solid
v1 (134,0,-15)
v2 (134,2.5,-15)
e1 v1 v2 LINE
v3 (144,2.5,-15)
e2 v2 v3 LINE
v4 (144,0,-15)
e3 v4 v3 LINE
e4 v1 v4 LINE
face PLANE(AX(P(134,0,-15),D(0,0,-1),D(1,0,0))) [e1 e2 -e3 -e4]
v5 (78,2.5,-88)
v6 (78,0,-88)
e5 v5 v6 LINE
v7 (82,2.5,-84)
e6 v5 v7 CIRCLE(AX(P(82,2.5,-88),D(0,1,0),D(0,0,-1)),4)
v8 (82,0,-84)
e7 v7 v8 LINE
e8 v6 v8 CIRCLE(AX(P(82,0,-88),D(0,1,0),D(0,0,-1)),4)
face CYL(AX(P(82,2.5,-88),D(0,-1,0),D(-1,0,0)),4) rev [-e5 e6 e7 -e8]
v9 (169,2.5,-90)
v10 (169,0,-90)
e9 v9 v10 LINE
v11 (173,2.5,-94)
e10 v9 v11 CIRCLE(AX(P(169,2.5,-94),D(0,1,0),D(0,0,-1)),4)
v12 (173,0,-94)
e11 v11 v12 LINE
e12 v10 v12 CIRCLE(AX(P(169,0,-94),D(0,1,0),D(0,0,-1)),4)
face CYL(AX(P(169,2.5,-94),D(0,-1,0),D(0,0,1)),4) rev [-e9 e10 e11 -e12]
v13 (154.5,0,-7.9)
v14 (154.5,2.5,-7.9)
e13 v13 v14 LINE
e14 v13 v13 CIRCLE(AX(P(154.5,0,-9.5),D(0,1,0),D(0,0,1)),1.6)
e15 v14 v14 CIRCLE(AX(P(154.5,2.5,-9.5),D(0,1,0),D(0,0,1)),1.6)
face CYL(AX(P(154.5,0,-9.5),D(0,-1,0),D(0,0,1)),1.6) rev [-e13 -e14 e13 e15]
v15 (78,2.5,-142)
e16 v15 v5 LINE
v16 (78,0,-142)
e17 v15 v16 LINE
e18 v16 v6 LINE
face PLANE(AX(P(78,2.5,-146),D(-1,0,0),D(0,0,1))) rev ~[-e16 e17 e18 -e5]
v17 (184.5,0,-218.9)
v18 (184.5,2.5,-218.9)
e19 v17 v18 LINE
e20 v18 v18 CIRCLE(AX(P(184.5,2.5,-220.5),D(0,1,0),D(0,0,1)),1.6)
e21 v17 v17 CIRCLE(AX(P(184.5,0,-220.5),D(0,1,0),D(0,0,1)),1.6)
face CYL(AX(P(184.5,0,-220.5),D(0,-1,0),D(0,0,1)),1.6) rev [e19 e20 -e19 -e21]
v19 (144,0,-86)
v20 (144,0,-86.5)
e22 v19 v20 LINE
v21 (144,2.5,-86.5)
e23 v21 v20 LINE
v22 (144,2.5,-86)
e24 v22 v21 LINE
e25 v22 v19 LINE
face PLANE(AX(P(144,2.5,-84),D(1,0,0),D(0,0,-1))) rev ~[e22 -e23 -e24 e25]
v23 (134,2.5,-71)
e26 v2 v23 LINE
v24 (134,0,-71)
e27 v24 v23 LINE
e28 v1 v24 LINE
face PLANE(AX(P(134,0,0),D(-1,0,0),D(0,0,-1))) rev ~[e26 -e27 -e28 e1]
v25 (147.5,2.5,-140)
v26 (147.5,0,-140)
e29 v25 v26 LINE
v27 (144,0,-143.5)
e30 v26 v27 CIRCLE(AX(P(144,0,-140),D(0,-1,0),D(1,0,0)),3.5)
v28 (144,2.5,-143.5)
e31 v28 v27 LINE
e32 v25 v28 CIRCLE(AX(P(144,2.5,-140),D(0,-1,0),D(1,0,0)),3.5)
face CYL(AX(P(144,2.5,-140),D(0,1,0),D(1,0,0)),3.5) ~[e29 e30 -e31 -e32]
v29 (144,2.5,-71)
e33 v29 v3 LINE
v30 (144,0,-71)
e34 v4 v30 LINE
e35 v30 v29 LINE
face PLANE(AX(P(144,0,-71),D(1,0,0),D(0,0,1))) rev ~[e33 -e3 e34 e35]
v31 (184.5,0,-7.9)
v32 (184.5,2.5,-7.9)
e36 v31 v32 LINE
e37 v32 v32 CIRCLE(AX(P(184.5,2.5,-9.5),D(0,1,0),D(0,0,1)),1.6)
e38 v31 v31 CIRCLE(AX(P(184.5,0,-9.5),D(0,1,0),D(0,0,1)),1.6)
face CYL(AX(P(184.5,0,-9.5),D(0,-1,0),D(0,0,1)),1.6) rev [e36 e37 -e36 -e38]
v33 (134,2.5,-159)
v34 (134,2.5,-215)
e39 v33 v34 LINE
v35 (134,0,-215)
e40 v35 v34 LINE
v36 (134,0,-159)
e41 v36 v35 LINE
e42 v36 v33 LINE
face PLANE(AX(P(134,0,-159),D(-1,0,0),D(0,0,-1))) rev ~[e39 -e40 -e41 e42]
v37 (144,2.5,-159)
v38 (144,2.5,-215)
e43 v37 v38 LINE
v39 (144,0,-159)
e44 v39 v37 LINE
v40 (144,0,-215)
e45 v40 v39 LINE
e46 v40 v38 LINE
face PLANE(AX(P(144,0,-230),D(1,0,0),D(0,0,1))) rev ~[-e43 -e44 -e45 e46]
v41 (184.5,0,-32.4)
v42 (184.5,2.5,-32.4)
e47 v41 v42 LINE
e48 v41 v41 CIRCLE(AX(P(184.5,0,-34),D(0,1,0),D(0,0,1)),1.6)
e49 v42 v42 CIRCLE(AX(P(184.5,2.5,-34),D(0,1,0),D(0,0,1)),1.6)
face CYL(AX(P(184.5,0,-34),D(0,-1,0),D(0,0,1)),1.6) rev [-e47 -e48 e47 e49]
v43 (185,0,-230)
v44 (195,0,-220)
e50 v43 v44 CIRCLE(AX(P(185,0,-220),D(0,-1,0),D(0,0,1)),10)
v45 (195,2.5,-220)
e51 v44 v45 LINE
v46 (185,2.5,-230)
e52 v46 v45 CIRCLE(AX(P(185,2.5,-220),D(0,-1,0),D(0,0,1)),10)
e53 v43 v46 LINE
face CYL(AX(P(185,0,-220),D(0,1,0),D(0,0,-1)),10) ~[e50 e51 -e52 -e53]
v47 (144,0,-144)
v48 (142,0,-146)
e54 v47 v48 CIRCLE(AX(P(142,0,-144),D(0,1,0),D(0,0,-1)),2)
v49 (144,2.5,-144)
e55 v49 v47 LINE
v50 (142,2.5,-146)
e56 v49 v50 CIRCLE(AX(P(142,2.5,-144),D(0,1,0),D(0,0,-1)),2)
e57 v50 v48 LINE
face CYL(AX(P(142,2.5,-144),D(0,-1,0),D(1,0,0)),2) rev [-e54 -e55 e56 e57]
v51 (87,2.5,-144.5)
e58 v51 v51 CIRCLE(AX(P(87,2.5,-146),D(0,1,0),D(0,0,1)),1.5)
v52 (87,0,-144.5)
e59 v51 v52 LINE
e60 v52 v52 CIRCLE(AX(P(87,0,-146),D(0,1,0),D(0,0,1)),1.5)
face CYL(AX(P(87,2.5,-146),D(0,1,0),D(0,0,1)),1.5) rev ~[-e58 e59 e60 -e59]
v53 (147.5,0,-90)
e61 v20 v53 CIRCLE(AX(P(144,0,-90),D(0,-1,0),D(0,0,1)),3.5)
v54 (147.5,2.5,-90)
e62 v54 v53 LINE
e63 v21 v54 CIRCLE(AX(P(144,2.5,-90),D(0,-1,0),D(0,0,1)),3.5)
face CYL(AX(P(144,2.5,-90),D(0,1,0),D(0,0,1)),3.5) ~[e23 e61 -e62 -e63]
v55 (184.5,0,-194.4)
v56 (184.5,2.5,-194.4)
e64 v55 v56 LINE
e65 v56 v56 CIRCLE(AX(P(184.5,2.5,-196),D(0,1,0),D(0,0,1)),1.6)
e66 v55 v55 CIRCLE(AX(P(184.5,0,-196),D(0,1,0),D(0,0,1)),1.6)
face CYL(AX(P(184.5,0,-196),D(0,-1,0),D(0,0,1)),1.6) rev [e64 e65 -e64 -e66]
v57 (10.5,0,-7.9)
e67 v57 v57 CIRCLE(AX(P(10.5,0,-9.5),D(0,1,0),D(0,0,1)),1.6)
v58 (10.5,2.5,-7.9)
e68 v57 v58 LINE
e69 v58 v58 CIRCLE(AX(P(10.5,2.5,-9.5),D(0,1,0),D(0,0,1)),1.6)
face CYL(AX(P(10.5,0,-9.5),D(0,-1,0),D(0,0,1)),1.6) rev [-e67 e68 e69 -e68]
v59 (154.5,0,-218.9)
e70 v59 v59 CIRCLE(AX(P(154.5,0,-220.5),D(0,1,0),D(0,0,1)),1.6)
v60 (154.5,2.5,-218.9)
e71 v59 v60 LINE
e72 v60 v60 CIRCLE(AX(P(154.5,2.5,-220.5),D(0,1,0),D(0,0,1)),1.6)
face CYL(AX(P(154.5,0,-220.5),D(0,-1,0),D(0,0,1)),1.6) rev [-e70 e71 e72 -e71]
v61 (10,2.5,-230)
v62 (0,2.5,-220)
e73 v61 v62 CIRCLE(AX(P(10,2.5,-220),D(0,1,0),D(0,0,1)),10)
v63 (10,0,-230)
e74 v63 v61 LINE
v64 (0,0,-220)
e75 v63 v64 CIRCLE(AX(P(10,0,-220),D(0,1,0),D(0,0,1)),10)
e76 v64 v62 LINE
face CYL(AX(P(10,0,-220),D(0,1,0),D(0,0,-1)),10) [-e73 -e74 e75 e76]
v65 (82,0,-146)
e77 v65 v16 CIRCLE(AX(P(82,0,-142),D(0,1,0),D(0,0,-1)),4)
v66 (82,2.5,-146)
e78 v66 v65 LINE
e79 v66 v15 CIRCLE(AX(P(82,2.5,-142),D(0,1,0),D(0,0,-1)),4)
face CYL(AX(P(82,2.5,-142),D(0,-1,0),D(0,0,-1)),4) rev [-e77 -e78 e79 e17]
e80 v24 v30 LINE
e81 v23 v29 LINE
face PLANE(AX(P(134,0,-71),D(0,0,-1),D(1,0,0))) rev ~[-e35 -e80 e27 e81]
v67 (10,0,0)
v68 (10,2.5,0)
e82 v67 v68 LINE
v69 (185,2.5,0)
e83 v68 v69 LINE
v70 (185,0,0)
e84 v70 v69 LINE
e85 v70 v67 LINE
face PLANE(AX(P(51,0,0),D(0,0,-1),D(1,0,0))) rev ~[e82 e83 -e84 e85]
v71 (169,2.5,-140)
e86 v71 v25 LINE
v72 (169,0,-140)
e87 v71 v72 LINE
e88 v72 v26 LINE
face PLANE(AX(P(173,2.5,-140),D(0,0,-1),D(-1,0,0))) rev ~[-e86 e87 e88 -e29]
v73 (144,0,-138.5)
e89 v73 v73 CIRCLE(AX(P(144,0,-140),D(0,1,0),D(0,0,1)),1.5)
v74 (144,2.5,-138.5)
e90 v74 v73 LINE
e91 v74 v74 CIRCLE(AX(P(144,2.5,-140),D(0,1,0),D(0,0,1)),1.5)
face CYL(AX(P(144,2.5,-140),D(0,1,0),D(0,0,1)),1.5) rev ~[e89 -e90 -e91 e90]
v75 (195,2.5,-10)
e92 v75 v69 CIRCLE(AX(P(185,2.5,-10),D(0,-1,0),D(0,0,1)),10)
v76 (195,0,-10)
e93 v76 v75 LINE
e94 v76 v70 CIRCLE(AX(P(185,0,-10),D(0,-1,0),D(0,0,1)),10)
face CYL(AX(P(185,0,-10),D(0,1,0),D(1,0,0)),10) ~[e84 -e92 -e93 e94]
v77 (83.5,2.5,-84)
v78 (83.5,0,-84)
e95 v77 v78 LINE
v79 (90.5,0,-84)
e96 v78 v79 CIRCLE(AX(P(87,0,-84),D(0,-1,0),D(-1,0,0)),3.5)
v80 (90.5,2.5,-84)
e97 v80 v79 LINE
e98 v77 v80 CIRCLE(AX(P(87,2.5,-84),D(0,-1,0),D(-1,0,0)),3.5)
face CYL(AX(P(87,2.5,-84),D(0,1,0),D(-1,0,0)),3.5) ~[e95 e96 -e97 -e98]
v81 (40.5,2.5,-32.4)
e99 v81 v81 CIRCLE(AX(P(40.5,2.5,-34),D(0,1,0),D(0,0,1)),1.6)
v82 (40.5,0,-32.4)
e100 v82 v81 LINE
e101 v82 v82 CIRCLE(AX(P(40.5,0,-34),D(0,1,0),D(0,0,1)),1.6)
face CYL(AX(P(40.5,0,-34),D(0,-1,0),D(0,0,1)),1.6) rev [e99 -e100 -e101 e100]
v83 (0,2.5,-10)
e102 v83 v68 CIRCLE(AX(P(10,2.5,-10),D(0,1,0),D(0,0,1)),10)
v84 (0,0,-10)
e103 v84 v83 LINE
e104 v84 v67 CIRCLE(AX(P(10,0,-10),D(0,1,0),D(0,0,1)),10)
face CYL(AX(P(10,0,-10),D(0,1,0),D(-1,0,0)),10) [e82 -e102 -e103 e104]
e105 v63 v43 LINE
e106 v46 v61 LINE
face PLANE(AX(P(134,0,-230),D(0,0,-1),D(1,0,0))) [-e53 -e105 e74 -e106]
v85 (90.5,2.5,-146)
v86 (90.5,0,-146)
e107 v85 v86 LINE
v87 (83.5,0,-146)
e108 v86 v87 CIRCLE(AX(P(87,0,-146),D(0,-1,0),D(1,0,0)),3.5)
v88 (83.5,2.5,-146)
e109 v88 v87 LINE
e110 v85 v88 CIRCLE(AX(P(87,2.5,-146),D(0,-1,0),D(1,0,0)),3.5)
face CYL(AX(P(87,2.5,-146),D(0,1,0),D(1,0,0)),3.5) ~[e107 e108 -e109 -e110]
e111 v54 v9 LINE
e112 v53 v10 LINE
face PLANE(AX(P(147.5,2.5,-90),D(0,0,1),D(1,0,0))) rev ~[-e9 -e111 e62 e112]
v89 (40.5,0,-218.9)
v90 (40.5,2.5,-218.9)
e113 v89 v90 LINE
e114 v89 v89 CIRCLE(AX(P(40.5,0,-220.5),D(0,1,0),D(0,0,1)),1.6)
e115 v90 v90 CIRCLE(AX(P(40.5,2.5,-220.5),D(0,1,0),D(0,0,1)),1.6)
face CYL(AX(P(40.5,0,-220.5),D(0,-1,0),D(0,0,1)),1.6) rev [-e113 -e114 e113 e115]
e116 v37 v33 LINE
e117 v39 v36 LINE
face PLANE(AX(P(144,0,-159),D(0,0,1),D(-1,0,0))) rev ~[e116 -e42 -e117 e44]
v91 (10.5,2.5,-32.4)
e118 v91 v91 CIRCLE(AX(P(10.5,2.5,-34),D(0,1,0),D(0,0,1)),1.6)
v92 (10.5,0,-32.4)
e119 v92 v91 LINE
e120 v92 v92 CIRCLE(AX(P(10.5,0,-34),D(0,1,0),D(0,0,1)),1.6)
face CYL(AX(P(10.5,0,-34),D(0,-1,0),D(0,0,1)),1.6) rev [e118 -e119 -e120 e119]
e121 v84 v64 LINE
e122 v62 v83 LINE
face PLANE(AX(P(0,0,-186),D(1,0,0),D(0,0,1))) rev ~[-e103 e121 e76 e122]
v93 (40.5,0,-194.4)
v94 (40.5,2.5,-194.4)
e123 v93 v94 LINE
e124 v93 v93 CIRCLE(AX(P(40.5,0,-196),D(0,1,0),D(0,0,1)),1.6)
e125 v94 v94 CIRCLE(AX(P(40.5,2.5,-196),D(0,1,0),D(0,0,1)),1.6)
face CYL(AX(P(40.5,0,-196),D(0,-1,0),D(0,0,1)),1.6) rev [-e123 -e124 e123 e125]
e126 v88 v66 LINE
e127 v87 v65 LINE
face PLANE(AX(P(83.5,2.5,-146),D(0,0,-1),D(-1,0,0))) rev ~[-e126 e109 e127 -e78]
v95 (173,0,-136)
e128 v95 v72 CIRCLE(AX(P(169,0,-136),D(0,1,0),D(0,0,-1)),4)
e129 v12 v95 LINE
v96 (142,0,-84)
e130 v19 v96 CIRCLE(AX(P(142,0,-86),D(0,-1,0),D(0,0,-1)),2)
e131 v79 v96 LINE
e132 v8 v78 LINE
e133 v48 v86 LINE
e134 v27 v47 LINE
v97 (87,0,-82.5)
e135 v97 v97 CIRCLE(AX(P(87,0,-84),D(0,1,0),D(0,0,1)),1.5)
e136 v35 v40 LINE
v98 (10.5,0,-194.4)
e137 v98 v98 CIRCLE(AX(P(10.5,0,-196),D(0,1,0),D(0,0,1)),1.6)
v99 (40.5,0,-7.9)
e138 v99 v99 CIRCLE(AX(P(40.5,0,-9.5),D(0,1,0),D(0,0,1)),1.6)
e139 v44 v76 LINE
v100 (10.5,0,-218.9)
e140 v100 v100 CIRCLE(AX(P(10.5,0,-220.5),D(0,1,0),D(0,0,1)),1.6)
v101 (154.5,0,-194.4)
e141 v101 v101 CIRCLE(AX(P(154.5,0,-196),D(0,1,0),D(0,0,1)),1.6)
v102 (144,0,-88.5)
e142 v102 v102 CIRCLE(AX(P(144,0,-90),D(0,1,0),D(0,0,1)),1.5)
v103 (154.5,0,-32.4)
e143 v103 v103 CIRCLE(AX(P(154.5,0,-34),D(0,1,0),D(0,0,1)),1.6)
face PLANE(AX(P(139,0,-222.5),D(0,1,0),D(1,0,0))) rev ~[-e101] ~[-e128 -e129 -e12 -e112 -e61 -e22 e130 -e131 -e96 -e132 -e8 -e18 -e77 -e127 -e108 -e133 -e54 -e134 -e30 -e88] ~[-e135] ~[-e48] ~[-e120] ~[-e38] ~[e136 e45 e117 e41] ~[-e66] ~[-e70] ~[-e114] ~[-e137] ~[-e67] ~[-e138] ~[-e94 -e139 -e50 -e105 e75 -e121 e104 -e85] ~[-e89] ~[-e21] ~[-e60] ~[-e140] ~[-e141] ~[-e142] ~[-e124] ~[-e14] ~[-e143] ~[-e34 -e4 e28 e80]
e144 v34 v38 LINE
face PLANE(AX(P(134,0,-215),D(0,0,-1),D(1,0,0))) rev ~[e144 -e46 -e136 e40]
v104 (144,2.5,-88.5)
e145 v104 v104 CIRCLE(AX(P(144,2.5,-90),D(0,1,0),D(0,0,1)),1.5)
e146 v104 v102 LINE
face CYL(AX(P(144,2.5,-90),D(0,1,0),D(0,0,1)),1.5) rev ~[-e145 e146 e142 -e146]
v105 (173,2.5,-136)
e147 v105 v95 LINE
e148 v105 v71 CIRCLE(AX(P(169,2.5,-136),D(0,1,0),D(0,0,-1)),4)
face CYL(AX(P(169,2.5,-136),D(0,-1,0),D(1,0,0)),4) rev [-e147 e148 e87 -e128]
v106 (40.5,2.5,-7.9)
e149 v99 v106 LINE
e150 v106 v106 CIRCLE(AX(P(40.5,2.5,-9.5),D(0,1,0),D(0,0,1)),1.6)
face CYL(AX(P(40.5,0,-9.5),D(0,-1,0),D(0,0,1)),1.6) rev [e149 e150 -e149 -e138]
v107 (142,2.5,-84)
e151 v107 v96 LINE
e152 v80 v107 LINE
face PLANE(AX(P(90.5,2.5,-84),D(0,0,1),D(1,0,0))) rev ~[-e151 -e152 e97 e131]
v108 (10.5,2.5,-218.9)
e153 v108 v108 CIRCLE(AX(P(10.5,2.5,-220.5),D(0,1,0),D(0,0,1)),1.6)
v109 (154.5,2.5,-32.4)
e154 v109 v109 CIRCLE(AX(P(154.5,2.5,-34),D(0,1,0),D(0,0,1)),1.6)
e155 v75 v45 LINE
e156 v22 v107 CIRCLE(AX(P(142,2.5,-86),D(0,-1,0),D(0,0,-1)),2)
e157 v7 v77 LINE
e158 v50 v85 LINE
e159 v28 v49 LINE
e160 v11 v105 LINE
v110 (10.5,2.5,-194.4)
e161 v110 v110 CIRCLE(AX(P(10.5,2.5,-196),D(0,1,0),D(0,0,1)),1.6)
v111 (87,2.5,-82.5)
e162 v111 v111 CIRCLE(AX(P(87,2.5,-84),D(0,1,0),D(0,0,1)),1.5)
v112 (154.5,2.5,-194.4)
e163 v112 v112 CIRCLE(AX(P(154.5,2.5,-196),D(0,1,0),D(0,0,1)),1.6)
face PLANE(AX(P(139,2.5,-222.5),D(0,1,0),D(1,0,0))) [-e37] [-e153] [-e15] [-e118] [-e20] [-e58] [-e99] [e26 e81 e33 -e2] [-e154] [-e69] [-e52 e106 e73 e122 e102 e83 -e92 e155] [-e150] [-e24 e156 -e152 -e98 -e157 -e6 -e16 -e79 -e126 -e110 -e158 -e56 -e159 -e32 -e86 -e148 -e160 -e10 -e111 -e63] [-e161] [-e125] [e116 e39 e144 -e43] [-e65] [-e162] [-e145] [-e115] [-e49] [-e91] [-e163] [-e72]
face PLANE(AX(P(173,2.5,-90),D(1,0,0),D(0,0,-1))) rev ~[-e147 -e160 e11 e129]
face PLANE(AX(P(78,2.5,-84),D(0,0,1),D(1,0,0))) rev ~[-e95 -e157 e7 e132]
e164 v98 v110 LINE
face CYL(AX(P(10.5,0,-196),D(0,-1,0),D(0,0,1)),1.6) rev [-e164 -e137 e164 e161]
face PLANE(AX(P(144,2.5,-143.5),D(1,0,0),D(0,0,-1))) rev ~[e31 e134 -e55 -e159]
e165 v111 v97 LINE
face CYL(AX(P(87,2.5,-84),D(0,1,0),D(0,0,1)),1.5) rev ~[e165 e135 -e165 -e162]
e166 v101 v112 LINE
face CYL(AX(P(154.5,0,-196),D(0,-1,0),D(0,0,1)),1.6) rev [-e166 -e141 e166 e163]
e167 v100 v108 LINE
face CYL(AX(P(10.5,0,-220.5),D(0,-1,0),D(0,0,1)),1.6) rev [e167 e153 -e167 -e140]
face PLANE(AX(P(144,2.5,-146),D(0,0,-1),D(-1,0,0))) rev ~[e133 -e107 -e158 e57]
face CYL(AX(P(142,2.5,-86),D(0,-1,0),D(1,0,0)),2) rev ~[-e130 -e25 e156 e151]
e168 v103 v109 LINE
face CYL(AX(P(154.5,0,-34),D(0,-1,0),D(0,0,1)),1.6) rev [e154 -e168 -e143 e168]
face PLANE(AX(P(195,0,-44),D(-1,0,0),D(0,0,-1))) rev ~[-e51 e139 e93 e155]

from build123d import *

# Parameters (mm, degrees)
SKETCH_1_W          = 51
SKETCH_1_H          = 44
SKETCH_1_R          = 1.6
SKETCH_1_W_2        = 10
SKETCH_1_H_2        = 15
EXTRUDE_1_DEPTH     = 2.5
SKETCH_2_R          = 1.5
CUT_EXTRUDE_1_DEPTH = 2.5
FILLET_1_R          = 10
FILLET_2_R          = 4
FILLET_3_R          = 2


with BuildPart() as part:
    # 草图1 → 凸台-拉伸1 (new body)
    # profile 1 of 7: a face of its own
    with BuildSketch(Plane(origin=(0, 0, 0), x_dir=(1, 0, 0), z_dir=(0, 1, 0))):
        Polygon((134, 0), (134, 15), (134, 71), (144, 71), (144, 44), (195, 44), (195, 186), (144, 186), (144, 159), (134, 159), (134, 215), (134, 230), (51, 230), (51, 186), (0, 186), (0, 44), (51, 44), (51, 0), align=None)
    # profile 2 of 7: a face of its own
    with BuildSketch(Plane(origin=(0, 0, 0), x_dir=(1, 0, 0), z_dir=(0, 1, 0))):
        with Locations((25.5, 208)):
            Rectangle(SKETCH_1_W, SKETCH_1_H)
        with Locations(Location((10.5, 196, 0), (0, 0, 270))):
            Circle(SKETCH_1_R, mode=Mode.SUBTRACT)
        with Locations(Location((40.5, 196, 0), (0, 0, 270))):
            Circle(SKETCH_1_R, mode=Mode.SUBTRACT)
        with Locations(Location((10.5, 220.5, 0), (0, 0, 270))):
            Circle(SKETCH_1_R, mode=Mode.SUBTRACT)
        with Locations(Location((40.5, 220.5, 0), (0, 0, 270))):
            Circle(SKETCH_1_R, mode=Mode.SUBTRACT)
    # profile 3 of 7: a face of its own
    with BuildSketch(Plane(origin=(0, 0, 0), x_dir=(1, 0, 0), z_dir=(0, 1, 0))):
        Polygon((144, 186), (195, 186), (195, 230), (144, 230), (144, 215), align=None)
        with Locations(Location((154.5, 196, 0), (0, 0, 270))):
            Circle(SKETCH_1_R, mode=Mode.SUBTRACT)
        with Locations(Location((184.5, 196, 0), (0, 0, 270))):
            Circle(SKETCH_1_R, mode=Mode.SUBTRACT)
        with Locations(Location((154.5, 220.5, 0), (0, 0, 270))):
            Circle(SKETCH_1_R, mode=Mode.SUBTRACT)
        with Locations(Location((184.5, 220.5, 0), (0, 0, 270))):
            Circle(SKETCH_1_R, mode=Mode.SUBTRACT)
    # profile 4 of 7: a face of its own
    with BuildSketch(Plane(origin=(0, 0, 0), x_dir=(1, 0, 0), z_dir=(0, 1, 0))):
        with Locations((25.5, 22)):
            Rectangle(SKETCH_1_W, SKETCH_1_H)
        with Locations(Location((10.5, 9.5, 0), (0, 0, 270))):
            Circle(SKETCH_1_R, mode=Mode.SUBTRACT)
        with Locations(Location((40.5, 9.5, 0), (0, 0, 270))):
            Circle(SKETCH_1_R, mode=Mode.SUBTRACT)
        with Locations(Location((10.5, 34, 0), (0, 0, 270))):
            Circle(SKETCH_1_R, mode=Mode.SUBTRACT)
        with Locations(Location((40.5, 34, 0), (0, 0, 270))):
            Circle(SKETCH_1_R, mode=Mode.SUBTRACT)
    # profile 5 of 7: a face of its own
    with BuildSketch(Plane(origin=(0, 0, 0), x_dir=(1, 0, 0), z_dir=(0, 1, 0))):
        Polygon((144, 44), (144, 15), (144, 0), (195, 0), (195, 44), align=None)
        with Locations(Location((154.5, 9.5, 0), (0, 0, 270))):
            Circle(SKETCH_1_R, mode=Mode.SUBTRACT)
        with Locations(Location((184.5, 9.5, 0), (0, 0, 270))):
            Circle(SKETCH_1_R, mode=Mode.SUBTRACT)
        with Locations(Location((154.5, 34, 0), (0, 0, 270))):
            Circle(SKETCH_1_R, mode=Mode.SUBTRACT)
        with Locations(Location((184.5, 34, 0), (0, 0, 270))):
            Circle(SKETCH_1_R, mode=Mode.SUBTRACT)
    # profile 6 of 7: a face of its own
    with BuildSketch(Plane(origin=(0, 0, 0), x_dir=(1, 0, 0), z_dir=(0, 1, 0))):
        with Locations((139, 7.5)):
            Rectangle(SKETCH_1_W_2, SKETCH_1_H_2)
    # profile 7 of 7: a face of its own
    with BuildSketch(Plane(origin=(0, 0, 0), x_dir=(1, 0, 0), z_dir=(0, 1, 0))):
        with Locations((139, 222.5)):
            Rectangle(SKETCH_1_W_2, SKETCH_1_H_2)
    extrude(amount=EXTRUDE_1_DEPTH)

    # 草图2 → 切除-拉伸1 (cut)
    with BuildSketch(Plane(origin=(0, 2.5, 0), x_dir=(1, 0, 0), z_dir=(0, 1, 0))):
        with Locations(Location((87, 84, 0), (0, 0, 270))):
            Circle(SKETCH_2_R)
        with BuildLine():
            ThreePointArc((83.5, 84), (87, 87.5), (90.5, 84))
            Line((90.5, 84), (144, 84))
            Line((144, 84), (144, 86.5))
            ThreePointArc((144, 86.5), (141.525126266, 92.474873734), (147.5, 90))
            Line((147.5, 90), (173, 90))
            Line((173, 90), (173, 140))
            Line((173, 140), (147.5, 140))
            ThreePointArc((147.5, 140), (141.525126266, 137.525126266), (144, 143.5))
            Line((144, 143.5), (144, 146))
            Line((144, 146), (90.5, 146))
            ThreePointArc((90.5, 146), (87, 142.5), (83.5, 146))
            Line((83.5, 146), (78, 146))
            Line((78, 146), (78, 84))
            Line((78, 84), (83.5, 84))
        make_face()
        with Locations(Location((144, 90, 0), (0, 0, 270))):
            Circle(SKETCH_2_R)
        with Locations(Location((144, 140, 0), (0, 0, 270))):
            Circle(SKETCH_2_R)
        with Locations(Location((87, 146, 0), (0, 0, 270))):
            Circle(SKETCH_2_R)
    extrude(amount=-CUT_EXTRUDE_1_DEPTH, mode=Mode.SUBTRACT)

    # 圆角1
    fillet_1_edges = [part.edges().sort_by_distance(p)[0] for p in [
        (0, 1.25, 0),
        (0, 1.25, -230),
        (195, 1.25, -230),
        (195, 1.25, 0),
    ]]
    fillet(fillet_1_edges, radius=FILLET_1_R)

    # 圆角2
    fillet_2_edges = [part.edges().sort_by_distance(p)[0] for p in [
        (78, 1.25, -146),
        (78, 1.25, -84),
        (173, 1.25, -90),
        (173, 1.25, -140),
    ]]
    fillet(fillet_2_edges, radius=FILLET_2_R)

    # 圆角3
    fillet_3_edges = [part.edges().sort_by_distance(p)[0] for p in [
        (144, 1.25, -84),
        (144, 1.25, -146),
    ]]
    fillet(fillet_3_edges, radius=FILLET_3_R)


solid = part.part
